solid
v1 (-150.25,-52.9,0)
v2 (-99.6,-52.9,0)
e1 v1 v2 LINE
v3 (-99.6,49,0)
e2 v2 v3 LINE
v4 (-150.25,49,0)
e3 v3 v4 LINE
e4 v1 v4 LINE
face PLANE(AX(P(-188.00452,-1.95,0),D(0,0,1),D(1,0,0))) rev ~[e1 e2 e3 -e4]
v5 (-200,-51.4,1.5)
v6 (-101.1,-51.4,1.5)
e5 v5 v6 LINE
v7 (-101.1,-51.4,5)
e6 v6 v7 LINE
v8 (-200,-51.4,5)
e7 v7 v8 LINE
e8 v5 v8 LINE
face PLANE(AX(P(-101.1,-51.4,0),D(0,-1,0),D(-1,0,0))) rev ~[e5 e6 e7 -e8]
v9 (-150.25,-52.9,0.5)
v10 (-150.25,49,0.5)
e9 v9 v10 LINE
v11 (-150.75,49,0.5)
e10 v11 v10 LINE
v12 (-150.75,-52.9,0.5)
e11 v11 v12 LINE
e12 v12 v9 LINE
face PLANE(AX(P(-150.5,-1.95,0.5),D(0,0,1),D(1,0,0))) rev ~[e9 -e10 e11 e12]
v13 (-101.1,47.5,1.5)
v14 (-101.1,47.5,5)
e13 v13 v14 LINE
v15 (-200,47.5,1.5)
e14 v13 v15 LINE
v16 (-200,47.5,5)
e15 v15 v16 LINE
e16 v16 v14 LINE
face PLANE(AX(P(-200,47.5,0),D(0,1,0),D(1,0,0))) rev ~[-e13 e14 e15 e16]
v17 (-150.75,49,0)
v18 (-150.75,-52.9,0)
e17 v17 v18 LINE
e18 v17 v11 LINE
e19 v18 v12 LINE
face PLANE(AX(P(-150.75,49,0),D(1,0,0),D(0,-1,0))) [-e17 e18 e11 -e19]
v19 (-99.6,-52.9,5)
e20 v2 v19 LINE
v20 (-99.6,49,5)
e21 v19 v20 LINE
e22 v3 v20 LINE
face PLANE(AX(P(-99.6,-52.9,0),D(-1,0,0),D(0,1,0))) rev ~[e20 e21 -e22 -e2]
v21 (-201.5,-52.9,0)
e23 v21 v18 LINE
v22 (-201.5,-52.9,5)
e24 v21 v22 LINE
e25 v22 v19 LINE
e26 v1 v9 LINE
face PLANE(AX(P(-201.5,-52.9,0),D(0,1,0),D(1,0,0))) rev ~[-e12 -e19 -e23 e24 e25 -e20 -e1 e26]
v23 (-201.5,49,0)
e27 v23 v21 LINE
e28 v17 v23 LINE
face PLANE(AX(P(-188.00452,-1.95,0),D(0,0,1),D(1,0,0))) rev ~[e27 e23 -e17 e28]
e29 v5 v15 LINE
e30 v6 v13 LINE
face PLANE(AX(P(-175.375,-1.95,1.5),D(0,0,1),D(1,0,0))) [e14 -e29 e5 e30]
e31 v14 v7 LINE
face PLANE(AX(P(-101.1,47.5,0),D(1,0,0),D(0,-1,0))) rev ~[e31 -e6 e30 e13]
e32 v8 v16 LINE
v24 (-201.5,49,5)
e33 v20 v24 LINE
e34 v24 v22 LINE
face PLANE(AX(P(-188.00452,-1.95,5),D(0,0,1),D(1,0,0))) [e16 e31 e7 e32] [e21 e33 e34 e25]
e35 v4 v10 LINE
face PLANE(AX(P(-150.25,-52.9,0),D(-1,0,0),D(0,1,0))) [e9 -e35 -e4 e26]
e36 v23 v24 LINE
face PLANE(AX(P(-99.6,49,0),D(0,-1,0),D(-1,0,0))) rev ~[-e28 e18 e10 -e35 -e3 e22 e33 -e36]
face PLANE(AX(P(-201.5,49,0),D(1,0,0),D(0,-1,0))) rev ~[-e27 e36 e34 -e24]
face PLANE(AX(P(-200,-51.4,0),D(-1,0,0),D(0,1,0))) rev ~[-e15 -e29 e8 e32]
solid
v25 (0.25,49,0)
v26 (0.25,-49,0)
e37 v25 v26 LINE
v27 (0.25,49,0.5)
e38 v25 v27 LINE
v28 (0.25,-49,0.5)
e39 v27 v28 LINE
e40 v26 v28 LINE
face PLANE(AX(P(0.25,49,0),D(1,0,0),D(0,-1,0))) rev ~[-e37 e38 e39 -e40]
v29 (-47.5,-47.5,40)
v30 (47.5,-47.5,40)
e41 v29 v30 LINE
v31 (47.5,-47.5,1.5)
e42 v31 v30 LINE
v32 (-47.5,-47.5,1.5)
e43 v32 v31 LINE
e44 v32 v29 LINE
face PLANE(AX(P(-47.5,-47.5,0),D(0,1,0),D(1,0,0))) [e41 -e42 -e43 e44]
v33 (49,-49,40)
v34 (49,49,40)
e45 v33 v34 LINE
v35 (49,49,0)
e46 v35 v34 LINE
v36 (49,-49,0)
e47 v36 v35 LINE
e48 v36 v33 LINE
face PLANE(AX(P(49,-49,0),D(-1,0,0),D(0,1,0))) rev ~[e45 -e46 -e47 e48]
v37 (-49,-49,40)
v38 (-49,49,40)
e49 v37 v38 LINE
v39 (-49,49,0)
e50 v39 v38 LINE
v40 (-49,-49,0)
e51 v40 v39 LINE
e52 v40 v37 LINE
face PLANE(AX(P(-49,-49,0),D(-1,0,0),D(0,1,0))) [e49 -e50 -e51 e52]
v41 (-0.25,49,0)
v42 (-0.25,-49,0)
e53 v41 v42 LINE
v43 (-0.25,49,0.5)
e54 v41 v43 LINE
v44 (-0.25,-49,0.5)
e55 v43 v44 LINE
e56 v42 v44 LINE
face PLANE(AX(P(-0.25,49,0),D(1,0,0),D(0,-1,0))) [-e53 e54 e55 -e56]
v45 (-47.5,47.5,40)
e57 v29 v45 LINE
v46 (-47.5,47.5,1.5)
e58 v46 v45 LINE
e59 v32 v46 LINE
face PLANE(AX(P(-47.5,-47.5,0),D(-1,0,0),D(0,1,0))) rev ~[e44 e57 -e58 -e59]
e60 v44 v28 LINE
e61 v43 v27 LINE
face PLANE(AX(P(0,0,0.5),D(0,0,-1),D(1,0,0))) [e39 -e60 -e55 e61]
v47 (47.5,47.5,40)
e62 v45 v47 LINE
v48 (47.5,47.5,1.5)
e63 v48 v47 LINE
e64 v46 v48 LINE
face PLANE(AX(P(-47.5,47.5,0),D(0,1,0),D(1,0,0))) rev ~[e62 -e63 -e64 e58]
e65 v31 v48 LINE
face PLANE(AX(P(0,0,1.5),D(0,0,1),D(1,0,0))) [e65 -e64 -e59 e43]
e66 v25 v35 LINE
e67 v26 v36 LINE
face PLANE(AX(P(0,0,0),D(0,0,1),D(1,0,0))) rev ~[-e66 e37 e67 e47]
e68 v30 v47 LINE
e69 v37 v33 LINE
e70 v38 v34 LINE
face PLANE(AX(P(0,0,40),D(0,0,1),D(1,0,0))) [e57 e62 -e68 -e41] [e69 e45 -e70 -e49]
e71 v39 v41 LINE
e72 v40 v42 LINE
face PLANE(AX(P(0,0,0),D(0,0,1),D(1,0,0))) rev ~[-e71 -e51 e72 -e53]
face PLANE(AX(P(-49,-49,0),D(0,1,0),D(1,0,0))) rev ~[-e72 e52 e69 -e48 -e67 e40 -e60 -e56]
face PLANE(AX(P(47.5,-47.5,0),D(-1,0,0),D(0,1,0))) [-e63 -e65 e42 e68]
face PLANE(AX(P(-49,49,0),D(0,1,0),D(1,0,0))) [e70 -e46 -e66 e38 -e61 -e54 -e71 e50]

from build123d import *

# Parameters (mm, degrees)
F0_W     = 98
F0_H     = 98
F0_W_2   = 95
F0_H_2   = 95
F2_DEPTH = 40
F3_DEPTH = 1.5
F1_W     = 49.25
F1_H     = 98.9
F1_W_2   = 0.5
F1_W_3   = 49.15
F4_DEPTH = 1.5
F1_H_2   = 1.5
F5_DEPTH = 5
F6_W     = 0.5
F6_H     = 98
F7_DEPTH = 0.5
F8_DEPTH = 0.5


with BuildPart() as f2:
    # F0 (on Top) → F2 (new body)
    with BuildSketch(Plane.XY):
        Rectangle(F0_W, F0_H)
        Rectangle(F0_W_2, F0_H_2, mode=Mode.SUBTRACT)
    extrude(amount=F2_DEPTH)

    # F0 (on Top) → F3 (join)
    with BuildSketch(Plane.XY):
        Rectangle(F0_W_2, F0_H_2)
    extrude(amount=F3_DEPTH)

    # F6 (on face) → F7 (cut)
    with BuildSketch(Plane(origin=(0, 0, 0), x_dir=(1, 0, 0), z_dir=(0, 0, -1))):
        Rectangle(F6_W, F6_H)
    extrude(amount=-F7_DEPTH, mode=Mode.SUBTRACT)


with BuildPart() as f4:
    # F1 (on Top) → F4 (new body)
    with BuildSketch(Plane.XY):
        with Locations((-175.375, -1.95)):
            Rectangle(F1_W, F1_H)
        with Locations((-150.5, -1.95)):
            Rectangle(F1_W_2, F1_H)
        with Locations((-125.675, -1.95)):
            Rectangle(F1_W_3, F1_H)
    extrude(amount=F4_DEPTH)

    # F1 (on Top) → F5 (join)
    with BuildSketch(Plane.XY):
        Polygon((-200, -51.4), (-200, 47.5), (-150.75, 47.5), (-150.75, 49), (-201.5, 49), (-201.5, -52.9), (-150.75, -52.9), (-150.75, -51.4), align=None)
        with Locations((-150.5, 48.25)):
            Rectangle(F1_W_2, F1_H_2)
        Polygon((-150.25, 49), (-150.25, 47.5), (-101.1, 47.5), (-101.1, -51.4), (-150.25, -51.4), (-150.25, -52.9), (-99.6, -52.9), (-99.6, 49), align=None)
        with Locations((-150.5, -52.15)):
            Rectangle(F1_W_2, F1_H_2)
    extrude(amount=F5_DEPTH)

    # F1 (on Top) → F8 (cut)
    with BuildSketch(Plane.XY):
        with Locations((-150.5, -1.95)):
            Rectangle(F1_W_2, F1_H)
        with Locations((-150.5, -52.15)):
            Rectangle(F1_W_2, F1_H_2)
        with Locations((-150.5, 48.25)):
            Rectangle(F1_W_2, F1_H_2)
    extrude(amount=F8_DEPTH, mode=Mode.SUBTRACT)


solid = Compound([f2.part, f4.part])
